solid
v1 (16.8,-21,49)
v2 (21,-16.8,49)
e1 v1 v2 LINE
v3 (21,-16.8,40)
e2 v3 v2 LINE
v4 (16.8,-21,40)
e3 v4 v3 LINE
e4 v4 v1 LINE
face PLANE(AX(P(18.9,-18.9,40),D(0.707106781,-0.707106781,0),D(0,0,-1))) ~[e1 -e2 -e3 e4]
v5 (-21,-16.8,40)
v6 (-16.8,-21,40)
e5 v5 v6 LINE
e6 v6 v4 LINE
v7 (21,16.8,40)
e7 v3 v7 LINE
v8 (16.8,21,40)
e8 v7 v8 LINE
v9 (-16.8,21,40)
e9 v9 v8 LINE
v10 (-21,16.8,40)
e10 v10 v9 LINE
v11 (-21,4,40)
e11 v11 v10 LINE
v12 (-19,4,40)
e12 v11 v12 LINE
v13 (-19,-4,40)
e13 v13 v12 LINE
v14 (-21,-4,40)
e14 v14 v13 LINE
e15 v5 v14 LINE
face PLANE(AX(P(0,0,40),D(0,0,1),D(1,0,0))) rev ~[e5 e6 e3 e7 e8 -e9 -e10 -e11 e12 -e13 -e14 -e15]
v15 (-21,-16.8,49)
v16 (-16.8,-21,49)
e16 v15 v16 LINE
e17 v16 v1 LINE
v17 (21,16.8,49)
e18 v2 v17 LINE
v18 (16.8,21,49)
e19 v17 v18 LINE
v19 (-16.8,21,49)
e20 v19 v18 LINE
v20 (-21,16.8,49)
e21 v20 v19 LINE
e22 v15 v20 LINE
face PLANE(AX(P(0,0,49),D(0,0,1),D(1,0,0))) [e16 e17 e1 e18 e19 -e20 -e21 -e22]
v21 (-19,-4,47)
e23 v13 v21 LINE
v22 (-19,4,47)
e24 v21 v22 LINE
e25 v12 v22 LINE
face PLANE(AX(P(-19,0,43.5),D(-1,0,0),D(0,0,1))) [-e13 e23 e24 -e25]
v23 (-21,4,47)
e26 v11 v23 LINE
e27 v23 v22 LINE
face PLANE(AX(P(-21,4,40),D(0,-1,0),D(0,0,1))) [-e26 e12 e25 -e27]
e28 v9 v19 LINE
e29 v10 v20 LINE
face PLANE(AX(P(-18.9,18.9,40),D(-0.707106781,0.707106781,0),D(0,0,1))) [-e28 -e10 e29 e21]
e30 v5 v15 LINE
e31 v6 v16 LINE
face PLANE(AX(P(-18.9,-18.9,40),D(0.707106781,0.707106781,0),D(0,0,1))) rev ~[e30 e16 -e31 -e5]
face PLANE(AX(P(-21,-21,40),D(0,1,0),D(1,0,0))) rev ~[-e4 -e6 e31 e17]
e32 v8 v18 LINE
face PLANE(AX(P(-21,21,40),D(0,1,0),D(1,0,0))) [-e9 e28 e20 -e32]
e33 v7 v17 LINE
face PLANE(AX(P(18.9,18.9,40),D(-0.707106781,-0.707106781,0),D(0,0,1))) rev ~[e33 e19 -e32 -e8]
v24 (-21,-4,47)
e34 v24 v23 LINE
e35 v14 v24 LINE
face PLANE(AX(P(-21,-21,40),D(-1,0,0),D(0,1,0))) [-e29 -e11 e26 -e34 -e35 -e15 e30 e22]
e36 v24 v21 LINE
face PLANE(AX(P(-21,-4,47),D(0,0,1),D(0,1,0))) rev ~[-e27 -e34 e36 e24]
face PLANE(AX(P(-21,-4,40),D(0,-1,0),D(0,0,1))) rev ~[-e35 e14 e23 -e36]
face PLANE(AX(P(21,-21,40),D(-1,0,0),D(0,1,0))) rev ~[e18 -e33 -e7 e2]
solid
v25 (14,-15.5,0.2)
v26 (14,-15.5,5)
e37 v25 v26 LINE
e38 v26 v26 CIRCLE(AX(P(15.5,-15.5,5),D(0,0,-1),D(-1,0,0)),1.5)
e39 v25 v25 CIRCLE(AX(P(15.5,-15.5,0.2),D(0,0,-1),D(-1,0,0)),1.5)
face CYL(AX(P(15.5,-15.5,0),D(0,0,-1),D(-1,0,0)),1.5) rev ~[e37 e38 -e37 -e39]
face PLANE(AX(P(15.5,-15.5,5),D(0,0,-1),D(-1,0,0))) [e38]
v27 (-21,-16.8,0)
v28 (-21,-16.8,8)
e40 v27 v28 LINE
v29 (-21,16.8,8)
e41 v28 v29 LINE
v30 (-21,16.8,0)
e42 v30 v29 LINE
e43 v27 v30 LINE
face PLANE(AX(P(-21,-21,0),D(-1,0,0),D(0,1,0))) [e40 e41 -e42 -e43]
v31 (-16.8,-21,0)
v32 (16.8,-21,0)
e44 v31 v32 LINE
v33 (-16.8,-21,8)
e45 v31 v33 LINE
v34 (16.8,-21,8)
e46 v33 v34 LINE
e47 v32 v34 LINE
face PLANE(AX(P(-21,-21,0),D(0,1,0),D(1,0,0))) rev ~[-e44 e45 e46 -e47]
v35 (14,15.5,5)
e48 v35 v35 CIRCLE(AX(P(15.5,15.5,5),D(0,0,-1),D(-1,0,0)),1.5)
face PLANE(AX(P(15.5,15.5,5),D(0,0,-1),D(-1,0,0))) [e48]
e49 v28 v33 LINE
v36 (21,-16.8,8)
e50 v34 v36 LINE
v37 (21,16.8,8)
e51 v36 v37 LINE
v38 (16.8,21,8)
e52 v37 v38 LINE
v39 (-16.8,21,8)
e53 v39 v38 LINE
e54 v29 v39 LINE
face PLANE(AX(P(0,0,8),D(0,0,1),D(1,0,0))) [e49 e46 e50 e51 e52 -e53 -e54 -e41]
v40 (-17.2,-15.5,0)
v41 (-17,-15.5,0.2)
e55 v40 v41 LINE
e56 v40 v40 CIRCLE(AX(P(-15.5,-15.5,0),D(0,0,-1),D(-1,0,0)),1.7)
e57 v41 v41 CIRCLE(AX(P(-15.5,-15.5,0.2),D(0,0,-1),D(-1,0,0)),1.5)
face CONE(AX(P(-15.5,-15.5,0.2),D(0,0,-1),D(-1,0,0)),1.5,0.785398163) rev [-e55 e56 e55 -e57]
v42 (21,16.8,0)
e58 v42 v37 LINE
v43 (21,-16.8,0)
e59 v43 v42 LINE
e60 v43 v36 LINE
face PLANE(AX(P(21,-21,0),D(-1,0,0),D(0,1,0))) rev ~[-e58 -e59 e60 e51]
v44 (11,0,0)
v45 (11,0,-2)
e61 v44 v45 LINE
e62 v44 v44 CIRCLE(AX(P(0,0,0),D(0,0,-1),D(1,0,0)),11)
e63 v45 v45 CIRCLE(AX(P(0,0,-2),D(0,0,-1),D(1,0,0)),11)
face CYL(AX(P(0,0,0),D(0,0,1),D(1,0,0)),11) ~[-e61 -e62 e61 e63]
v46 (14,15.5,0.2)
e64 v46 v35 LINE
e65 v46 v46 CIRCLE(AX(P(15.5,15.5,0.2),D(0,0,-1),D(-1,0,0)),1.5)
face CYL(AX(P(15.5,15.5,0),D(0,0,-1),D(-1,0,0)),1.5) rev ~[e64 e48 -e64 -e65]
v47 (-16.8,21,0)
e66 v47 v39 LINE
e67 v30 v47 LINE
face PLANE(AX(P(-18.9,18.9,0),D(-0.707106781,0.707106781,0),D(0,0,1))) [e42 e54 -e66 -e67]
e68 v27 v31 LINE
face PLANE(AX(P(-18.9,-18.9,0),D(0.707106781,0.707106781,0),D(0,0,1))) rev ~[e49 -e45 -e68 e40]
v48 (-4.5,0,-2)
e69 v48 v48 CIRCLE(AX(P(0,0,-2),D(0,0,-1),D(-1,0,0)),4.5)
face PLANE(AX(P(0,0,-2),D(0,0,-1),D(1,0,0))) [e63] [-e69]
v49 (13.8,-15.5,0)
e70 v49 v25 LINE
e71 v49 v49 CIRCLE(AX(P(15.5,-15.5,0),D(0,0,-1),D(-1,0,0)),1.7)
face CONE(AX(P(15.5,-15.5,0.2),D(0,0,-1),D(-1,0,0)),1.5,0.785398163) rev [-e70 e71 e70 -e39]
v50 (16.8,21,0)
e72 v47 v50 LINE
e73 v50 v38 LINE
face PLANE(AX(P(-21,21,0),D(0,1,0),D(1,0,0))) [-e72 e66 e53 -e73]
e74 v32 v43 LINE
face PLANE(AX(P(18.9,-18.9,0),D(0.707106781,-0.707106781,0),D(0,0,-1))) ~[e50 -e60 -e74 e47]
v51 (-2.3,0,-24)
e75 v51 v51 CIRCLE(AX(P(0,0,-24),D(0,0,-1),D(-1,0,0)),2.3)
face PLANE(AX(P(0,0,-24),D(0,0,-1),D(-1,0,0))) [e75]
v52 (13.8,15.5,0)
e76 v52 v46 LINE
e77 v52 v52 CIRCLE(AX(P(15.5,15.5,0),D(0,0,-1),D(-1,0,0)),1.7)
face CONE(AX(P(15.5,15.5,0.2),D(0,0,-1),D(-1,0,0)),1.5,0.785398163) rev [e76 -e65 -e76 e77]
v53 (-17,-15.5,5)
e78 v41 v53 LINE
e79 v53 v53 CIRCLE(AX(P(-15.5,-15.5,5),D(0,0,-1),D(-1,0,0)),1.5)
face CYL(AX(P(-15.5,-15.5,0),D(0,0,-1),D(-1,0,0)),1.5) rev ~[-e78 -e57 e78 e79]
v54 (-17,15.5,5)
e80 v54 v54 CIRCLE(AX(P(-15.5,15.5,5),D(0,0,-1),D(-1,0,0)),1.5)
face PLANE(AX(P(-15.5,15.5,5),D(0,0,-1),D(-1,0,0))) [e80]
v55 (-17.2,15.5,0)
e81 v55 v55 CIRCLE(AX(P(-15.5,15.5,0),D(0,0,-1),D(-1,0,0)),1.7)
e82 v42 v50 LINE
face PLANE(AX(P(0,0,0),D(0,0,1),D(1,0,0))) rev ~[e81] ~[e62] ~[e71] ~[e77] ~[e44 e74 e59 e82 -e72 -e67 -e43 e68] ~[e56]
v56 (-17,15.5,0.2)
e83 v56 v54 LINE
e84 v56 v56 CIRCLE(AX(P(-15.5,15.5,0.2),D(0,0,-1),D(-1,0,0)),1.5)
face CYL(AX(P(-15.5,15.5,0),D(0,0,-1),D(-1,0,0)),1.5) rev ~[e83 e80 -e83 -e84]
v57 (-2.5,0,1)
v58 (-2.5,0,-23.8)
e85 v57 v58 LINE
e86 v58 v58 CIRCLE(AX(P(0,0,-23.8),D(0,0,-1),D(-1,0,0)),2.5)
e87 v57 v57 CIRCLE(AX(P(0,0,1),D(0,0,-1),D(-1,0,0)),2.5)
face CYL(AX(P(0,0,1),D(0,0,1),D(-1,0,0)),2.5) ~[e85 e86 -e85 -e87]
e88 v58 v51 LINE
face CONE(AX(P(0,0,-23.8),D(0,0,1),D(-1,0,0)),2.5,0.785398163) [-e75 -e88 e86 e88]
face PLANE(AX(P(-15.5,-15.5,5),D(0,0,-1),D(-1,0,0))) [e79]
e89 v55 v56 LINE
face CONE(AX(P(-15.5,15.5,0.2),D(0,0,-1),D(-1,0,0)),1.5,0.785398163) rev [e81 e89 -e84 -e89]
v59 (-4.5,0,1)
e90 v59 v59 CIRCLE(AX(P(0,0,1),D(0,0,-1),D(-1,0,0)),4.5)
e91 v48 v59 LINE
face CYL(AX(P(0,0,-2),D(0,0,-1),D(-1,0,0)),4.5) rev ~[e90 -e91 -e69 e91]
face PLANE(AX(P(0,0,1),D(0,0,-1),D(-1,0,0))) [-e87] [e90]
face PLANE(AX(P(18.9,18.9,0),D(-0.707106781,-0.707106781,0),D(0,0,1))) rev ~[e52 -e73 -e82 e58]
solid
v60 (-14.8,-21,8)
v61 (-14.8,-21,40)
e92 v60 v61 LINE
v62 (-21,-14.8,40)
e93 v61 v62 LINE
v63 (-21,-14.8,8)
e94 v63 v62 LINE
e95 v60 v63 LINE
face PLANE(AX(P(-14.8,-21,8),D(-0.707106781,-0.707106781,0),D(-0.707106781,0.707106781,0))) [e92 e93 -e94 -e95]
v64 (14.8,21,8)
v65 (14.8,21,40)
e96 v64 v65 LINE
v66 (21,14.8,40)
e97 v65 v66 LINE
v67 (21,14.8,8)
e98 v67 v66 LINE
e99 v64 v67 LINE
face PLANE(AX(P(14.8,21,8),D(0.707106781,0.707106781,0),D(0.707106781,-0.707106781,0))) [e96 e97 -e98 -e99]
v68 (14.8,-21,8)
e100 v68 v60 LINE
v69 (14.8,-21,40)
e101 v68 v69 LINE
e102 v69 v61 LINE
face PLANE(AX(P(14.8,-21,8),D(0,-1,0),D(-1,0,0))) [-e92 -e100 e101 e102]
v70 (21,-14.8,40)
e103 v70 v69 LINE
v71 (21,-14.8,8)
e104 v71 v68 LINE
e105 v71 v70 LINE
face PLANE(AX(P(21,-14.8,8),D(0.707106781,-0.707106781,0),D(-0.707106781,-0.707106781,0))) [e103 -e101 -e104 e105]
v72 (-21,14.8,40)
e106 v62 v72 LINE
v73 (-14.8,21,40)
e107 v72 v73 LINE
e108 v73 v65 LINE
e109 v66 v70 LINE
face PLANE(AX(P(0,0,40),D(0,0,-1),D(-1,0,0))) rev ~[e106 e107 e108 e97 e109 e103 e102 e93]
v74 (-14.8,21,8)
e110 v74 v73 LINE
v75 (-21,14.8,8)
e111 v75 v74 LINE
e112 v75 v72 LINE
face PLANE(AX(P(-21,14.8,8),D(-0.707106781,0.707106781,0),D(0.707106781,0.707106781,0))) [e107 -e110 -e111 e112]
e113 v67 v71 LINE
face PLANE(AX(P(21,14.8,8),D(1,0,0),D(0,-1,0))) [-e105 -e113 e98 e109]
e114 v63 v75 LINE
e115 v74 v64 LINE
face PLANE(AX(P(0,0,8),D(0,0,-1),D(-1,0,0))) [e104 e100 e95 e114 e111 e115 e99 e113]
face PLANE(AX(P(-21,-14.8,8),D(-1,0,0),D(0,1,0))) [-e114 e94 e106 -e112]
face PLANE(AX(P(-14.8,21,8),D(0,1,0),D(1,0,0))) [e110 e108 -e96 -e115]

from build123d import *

# Parameters (mm, degrees)
ESQUISSE1_W             = 42
ESQUISSE1_H             = 42
BOSS_EXTRU_1_DEPTH      = 8
CHANFREIN1_SIZE         = 4.2
BOSS_EXTRU_2_DEPTH      = 32
ESQUISSE4_W             = 42
ESQUISSE4_H             = 42
BOSS_EXTRU_3_DEPTH      = 9
CHANFREIN3_SIZE         = 4.2
ESQUISSE5_R             = 11
BOSS_EXTRU_4_DEPTH      = 2
ESQUISSE6_R             = 4.5
ENL_V_MAT_EXTRU_1_DEPTH = 3
ESQUISSE7_R             = 2.5
BOSS_EXTRU_5_DEPTH      = 25
CHANFREIN4_SIZE         = 0.2
ESQUISSE8_R             = 1.5
ENL_V_MAT_EXTRU_2_DEPTH = 5
CHANFREIN5_SIZE         = 0.2
ESQUISSE9_W             = 7
ESQUISSE9_H             = 8
ENL_V_MAT_EXTRU_3_DEPTH = 2


with BuildPart() as part:
    # Esquisse1 → Boss.-Extru.1 (new body)
    with BuildSketch(Plane.XY):
        Rectangle(ESQUISSE1_W, ESQUISSE1_H)
    extrude(amount=BOSS_EXTRU_1_DEPTH)

    # Chanfrein1
    chanfrein1_edges = [part.edges().sort_by_distance(p)[0] for p in [
        (21, -21, 4),
        (-21, -21, 4),
        (-21, 21, 4),
        (21, 21, 4),
    ]]
    chamfer(chanfrein1_edges, length=CHANFREIN1_SIZE)

    # Esquisse5 → Boss.-Extru.4 (add)
    with BuildSketch(Plane(origin=(0, 0, 0), x_dir=(-1, 0, 0), z_dir=(0, 0, -1))):
        with Locations(Location((0, 0, 0), (0, 0, 180))):
            Circle(ESQUISSE5_R)
    extrude(amount=BOSS_EXTRU_4_DEPTH)

    # Esquisse6 → Enlèv. mat.-Extru.1 (cut)
    with BuildSketch(Plane(origin=(0, 0, -2), x_dir=(-1, 0, 0), z_dir=(0, 0, -1))):
        Circle(ESQUISSE6_R)
    extrude(amount=-ENL_V_MAT_EXTRU_1_DEPTH, mode=Mode.SUBTRACT)

    # Esquisse7 → Boss.-Extru.5 (add)
    with BuildSketch(Plane(origin=(0, 0, 1), x_dir=(-1, 0, 0), z_dir=(0, 0, -1))):
        Circle(ESQUISSE7_R)
    extrude(amount=BOSS_EXTRU_5_DEPTH)

    # Chanfrein4
    chanfrein4_edges = [part.edges().sort_by_distance(p)[0] for p in [
        (2.5, 0, -24),
    ]]
    chamfer(chanfrein4_edges, length=CHANFREIN4_SIZE)

    # Esquisse8 → Enlèv. mat.-Extru.2 (cut)
    with BuildSketch(Plane(origin=(0, 0, 0), x_dir=(-1, 0, 0), z_dir=(0, 0, -1))):
        with Locations((-15.5, 15.5)):
            Circle(ESQUISSE8_R)
        with Locations((15.5, 15.5)):
            Circle(ESQUISSE8_R)
        with Locations((15.5, -15.5)):
            Circle(ESQUISSE8_R)
        with Locations((-15.5, -15.5)):
            Circle(ESQUISSE8_R)
    extrude(amount=-ENL_V_MAT_EXTRU_2_DEPTH, mode=Mode.SUBTRACT)

    # Chanfrein5
    chanfrein5_edges = [part.edges().sort_by_distance(p)[0] for p in [
        (17, 15.5, 0),
        (-14, 15.5, 0),
        (-14, -15.5, 0),
        (17, -15.5, 0),
    ]]
    chamfer(chanfrein5_edges, length=CHANFREIN5_SIZE)


with BuildPart() as body_2:
    # Esquisse3 → Boss.-Extru.2 (new body)
    with BuildSketch(Plane.XY.offset(8)):
        Polygon((-21, 14.8), (-14.8, 21), (14.8, 21), (21, 14.8), (21, -14.8), (14.8, -21), (-14.8, -21), (-21, -14.8), align=None)
    extrude(amount=BOSS_EXTRU_2_DEPTH)


with BuildPart() as body_3:
    # Esquisse4 → Boss.-Extru.3 (new body)
    with BuildSketch(Plane.XY.offset(40)):
        Rectangle(ESQUISSE4_W, ESQUISSE4_H)
    extrude(amount=BOSS_EXTRU_3_DEPTH)

    # Chanfrein3
    chanfrein3_edges = [body_3.edges().sort_by_distance(p)[0] for p in [
        (21, -21, 44.5),
        (-21, -21, 44.5),
        (-21, 21, 44.5),
        (21, 21, 44.5),
    ]]
    chamfer(chanfrein3_edges, length=CHANFREIN3_SIZE)

    # Esquisse9 → Enlèv. mat.-Extru.3 (cut)
    with BuildSketch(Plane.ZY.offset(21)):
        with Locations((43.5, 0)):
            Rectangle(ESQUISSE9_W, ESQUISSE9_H)
    extrude(amount=-ENL_V_MAT_EXTRU_3_DEPTH, mode=Mode.SUBTRACT)


solid = Compound([part.part, body_2.part, body_3.part])
